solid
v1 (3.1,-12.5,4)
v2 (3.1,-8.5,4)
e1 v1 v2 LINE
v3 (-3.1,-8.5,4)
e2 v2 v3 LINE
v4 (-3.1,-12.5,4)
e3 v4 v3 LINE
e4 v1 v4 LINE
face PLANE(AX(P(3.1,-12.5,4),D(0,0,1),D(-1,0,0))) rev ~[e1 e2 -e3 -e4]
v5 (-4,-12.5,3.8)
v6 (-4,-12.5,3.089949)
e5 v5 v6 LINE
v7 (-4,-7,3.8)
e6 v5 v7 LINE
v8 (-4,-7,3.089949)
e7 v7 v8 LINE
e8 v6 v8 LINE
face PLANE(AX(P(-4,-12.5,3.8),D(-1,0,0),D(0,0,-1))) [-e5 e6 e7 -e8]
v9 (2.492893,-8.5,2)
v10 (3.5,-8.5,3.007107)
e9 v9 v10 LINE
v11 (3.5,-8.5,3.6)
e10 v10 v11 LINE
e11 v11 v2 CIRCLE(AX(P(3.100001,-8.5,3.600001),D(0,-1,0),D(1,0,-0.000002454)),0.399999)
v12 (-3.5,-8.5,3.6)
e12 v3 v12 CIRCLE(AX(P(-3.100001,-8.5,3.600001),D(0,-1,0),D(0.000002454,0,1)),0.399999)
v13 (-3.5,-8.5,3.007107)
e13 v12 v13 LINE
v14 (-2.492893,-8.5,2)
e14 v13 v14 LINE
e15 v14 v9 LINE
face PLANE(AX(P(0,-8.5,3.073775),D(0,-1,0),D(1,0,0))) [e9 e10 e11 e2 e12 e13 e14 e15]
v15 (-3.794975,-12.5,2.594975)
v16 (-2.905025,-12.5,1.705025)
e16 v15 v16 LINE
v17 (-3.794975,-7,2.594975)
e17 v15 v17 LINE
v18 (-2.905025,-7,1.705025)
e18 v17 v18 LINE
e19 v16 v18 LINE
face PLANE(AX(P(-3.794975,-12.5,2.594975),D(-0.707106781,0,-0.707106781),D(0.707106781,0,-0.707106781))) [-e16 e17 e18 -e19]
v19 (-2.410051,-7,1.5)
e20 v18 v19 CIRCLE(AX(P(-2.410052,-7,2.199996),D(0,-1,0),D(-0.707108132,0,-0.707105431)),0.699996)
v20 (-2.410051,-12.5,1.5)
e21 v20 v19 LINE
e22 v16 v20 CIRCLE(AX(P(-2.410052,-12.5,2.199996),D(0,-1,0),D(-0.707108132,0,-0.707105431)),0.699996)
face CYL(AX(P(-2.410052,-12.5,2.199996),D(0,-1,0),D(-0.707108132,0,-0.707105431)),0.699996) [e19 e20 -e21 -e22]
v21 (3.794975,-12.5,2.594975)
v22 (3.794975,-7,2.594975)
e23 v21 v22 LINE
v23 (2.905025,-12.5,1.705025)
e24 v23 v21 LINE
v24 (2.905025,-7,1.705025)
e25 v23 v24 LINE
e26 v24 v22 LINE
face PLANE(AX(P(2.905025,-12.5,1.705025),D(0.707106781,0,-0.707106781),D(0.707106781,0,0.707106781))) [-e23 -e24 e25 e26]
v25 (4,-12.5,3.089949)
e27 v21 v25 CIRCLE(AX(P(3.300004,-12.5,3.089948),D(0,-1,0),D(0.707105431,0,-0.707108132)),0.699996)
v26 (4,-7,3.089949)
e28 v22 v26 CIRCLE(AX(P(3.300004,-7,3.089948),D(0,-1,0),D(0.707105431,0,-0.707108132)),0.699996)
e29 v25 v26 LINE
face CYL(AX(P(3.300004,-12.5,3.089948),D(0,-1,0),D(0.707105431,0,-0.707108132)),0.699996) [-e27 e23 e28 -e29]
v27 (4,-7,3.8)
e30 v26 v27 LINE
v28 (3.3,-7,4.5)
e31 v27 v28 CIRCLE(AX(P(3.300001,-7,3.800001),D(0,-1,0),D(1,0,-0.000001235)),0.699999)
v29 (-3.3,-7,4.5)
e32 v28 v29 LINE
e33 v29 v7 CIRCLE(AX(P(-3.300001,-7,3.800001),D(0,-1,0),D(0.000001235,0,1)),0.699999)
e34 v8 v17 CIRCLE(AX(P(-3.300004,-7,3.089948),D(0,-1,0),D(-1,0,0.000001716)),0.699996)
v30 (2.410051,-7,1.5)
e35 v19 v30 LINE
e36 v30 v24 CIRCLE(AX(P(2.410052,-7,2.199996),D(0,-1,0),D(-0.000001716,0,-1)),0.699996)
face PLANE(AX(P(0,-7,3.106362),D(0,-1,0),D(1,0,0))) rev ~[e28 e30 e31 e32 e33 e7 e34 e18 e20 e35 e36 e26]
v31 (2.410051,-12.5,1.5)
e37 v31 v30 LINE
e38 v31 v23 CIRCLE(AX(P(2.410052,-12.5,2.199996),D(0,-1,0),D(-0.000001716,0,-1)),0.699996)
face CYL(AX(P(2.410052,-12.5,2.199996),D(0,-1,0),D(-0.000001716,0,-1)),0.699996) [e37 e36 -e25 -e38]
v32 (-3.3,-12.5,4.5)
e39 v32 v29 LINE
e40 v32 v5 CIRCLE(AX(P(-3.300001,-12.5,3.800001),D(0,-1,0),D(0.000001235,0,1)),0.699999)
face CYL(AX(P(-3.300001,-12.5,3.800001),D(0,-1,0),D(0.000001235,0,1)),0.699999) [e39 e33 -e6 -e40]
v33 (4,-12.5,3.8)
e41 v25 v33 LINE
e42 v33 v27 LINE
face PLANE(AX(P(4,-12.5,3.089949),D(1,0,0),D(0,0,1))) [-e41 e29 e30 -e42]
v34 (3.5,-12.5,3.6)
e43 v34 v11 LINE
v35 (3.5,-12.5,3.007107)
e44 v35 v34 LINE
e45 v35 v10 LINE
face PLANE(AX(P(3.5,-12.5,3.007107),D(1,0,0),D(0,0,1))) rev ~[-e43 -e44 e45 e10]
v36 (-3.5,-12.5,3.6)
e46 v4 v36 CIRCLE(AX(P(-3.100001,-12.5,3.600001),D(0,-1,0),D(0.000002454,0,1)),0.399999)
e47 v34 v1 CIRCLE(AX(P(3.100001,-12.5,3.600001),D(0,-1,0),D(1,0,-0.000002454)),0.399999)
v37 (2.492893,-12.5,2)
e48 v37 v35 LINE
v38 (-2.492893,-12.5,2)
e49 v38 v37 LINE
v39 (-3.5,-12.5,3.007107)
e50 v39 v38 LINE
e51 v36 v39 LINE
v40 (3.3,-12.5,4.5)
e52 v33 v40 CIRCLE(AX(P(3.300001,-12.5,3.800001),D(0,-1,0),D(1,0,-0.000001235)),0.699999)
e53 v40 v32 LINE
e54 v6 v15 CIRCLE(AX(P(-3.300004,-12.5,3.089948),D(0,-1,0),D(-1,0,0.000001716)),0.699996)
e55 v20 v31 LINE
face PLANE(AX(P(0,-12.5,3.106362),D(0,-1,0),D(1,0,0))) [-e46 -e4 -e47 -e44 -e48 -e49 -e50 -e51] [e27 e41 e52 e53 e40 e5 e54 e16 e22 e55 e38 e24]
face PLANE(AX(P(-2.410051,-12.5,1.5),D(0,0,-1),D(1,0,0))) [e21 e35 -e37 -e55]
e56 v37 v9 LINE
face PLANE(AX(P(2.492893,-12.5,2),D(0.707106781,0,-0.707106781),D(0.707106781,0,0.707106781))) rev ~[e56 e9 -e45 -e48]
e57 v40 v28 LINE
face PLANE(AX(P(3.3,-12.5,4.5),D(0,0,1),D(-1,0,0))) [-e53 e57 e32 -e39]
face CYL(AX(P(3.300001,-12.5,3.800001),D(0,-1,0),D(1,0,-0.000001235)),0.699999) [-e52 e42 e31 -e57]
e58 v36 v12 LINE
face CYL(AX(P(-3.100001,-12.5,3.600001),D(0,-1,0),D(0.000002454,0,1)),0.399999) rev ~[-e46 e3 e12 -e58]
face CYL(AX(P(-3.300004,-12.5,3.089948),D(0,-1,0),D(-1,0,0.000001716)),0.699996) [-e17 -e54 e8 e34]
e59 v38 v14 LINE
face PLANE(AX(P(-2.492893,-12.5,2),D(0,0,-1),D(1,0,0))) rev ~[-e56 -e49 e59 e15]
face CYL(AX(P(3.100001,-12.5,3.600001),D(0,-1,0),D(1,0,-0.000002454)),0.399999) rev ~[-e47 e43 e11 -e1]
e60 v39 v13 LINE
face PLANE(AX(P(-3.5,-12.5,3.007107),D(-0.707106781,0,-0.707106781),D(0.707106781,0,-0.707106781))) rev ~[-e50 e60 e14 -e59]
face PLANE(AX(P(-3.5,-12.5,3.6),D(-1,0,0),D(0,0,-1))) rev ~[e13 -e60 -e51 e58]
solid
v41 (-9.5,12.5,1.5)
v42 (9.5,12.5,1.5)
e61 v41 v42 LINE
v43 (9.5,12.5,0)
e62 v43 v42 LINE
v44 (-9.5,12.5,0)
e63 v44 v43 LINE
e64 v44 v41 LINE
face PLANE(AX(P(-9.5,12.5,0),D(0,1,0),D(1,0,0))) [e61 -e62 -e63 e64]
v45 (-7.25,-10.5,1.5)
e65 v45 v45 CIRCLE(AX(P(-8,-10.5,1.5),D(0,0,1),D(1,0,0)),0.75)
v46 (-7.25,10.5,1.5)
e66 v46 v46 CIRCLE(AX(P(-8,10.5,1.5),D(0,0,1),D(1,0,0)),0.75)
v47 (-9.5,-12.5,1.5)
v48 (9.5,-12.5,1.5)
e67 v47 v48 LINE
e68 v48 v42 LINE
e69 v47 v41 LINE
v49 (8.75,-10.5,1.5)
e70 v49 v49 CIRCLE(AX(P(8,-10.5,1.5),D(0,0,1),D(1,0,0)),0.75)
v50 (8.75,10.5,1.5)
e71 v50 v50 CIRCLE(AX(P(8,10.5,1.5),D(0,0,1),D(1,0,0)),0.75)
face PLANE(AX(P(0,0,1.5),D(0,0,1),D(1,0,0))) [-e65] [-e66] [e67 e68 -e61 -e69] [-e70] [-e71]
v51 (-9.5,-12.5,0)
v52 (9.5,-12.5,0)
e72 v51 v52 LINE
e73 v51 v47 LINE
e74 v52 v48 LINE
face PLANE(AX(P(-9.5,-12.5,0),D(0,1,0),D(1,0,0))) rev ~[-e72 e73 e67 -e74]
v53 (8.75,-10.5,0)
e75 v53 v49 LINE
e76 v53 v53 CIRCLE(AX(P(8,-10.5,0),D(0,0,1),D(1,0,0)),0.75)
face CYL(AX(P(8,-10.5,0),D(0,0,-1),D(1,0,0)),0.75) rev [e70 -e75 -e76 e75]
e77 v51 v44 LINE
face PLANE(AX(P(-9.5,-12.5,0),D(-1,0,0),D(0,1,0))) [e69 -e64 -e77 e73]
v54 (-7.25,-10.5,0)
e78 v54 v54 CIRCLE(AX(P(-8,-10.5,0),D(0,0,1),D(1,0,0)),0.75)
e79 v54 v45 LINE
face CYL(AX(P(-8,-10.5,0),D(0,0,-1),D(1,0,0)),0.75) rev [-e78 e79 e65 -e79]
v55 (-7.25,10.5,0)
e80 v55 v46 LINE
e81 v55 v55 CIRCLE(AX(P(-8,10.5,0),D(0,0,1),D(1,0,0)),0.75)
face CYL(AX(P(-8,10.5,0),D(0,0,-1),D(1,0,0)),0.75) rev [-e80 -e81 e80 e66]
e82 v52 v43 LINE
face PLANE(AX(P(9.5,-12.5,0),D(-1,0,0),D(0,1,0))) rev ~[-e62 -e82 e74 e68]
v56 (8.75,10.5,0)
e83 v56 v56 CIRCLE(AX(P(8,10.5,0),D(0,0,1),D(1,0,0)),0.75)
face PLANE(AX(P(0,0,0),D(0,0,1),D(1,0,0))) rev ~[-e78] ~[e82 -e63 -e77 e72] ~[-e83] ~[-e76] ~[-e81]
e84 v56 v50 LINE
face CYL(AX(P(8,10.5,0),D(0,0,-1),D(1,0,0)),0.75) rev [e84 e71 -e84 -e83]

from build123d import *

# Parameters (mm, degrees)
F0_W     = 19
F0_H     = 25
F0_R     = 0.75
F1_DEPTH = 1.5
F3_DEPTH = 5.5
F4_DEPTH = 4


with BuildPart() as f1:
    # F0 (on Top) → F1 (new body)
    with BuildSketch(Plane.XY):
        Rectangle(F0_W, F0_H)
        with Locations((-8, -10.5)):
            Circle(F0_R, mode=Mode.SUBTRACT)
        with Locations((8, -10.5)):
            Circle(F0_R, mode=Mode.SUBTRACT)
        with Locations((-8, 10.5)):
            Circle(F0_R, mode=Mode.SUBTRACT)
        with Locations((8, 10.5)):
            Circle(F0_R, mode=Mode.SUBTRACT)
    extrude(amount=F1_DEPTH)


with BuildPart() as f3:
    # F2 (on face) → F3 (new body)
    with BuildSketch(Plane.XZ.offset(12.5)):
        with BuildLine():
            Line((-2.410051, 1.5), (0, 1.5))
            Line((0, 1.5), (2.410051, 1.5))
            ThreePointArc((2.410051, 1.5), (2.677929, 1.553284), (2.905025, 1.705025))
            Line((2.905025, 1.705025), (3.794975, 2.594975))
            ThreePointArc((3.794975, 2.594975), (3.946716, 2.822071), (4, 3.089949))
            Line((4, 3.089949), (4, 3.8))
            ThreePointArc((4, 3.8), (3.794975, 4.294975), (3.3, 4.5))
            Line((3.3, 4.5), (0, 4.5))
            Line((0, 4.5), (-3.3, 4.5))
            ThreePointArc((-3.3, 4.5), (-3.794975, 4.294975), (-4, 3.8))
            Line((-4, 3.8), (-4, 3.089949))
            ThreePointArc((-4, 3.089949), (-3.946716, 2.822071), (-3.794975, 2.594975))
            Line((-3.794975, 2.594975), (-2.905025, 1.705025))
            ThreePointArc((-2.905025, 1.705025), (-2.677929, 1.553284), (-2.410051, 1.5))
        make_face()
        with BuildLine():
            Line((-3.1, 4), (0, 4))
            Line((0, 4), (3.1, 4))
            ThreePointArc((3.1, 4), (3.382843, 3.882843), (3.5, 3.6))
            Line((3.5, 3.6), (3.5, 3.007107))
            Line((3.5, 3.007107), (2.492893, 2))
            Line((2.492893, 2), (0, 2))
            Line((0, 2), (-2.492893, 2))
            Line((-2.492893, 2), (-3.5, 3.007107))
            Line((-3.5, 3.007107), (-3.5, 3.6))
            ThreePointArc((-3.5, 3.6), (-3.382843, 3.882843), (-3.1, 4))
        make_face(mode=Mode.SUBTRACT)
        with BuildLine():
            Line((3.1, 4), (0, 4))
            Line((0, 4), (-3.1, 4))
            ThreePointArc((-3.1, 4), (-3.382843, 3.882843), (-3.5, 3.6))
            Line((-3.5, 3.6), (-3.5, 3.007107))
            Line((-3.5, 3.007107), (-2.492893, 2))
            Line((-2.492893, 2), (0, 2))
            Line((0, 2), (2.492893, 2))
            Line((2.492893, 2), (3.5, 3.007107))
            Line((3.5, 3.007107), (3.5, 3.6))
            ThreePointArc((3.5, 3.6), (3.382843, 3.882843), (3.1, 4))
        make_face()
    extrude(amount=-F3_DEPTH)

    # F2 (on face) → F4 (cut)
    with BuildSketch(Plane.XZ.offset(12.5)):
        with BuildLine():
            Line((3.1, 4), (0, 4))
            Line((0, 4), (-3.1, 4))
            ThreePointArc((-3.1, 4), (-3.382843, 3.882843), (-3.5, 3.6))
            Line((-3.5, 3.6), (-3.5, 3.007107))
            Line((-3.5, 3.007107), (-2.492893, 2))
            Line((-2.492893, 2), (0, 2))
            Line((0, 2), (2.492893, 2))
            Line((2.492893, 2), (3.5, 3.007107))
            Line((3.5, 3.007107), (3.5, 3.6))
            ThreePointArc((3.5, 3.6), (3.382843, 3.882843), (3.1, 4))
        make_face()
    extrude(amount=-F4_DEPTH, mode=Mode.SUBTRACT)


solid = Compound([f1.part, f3.part])
